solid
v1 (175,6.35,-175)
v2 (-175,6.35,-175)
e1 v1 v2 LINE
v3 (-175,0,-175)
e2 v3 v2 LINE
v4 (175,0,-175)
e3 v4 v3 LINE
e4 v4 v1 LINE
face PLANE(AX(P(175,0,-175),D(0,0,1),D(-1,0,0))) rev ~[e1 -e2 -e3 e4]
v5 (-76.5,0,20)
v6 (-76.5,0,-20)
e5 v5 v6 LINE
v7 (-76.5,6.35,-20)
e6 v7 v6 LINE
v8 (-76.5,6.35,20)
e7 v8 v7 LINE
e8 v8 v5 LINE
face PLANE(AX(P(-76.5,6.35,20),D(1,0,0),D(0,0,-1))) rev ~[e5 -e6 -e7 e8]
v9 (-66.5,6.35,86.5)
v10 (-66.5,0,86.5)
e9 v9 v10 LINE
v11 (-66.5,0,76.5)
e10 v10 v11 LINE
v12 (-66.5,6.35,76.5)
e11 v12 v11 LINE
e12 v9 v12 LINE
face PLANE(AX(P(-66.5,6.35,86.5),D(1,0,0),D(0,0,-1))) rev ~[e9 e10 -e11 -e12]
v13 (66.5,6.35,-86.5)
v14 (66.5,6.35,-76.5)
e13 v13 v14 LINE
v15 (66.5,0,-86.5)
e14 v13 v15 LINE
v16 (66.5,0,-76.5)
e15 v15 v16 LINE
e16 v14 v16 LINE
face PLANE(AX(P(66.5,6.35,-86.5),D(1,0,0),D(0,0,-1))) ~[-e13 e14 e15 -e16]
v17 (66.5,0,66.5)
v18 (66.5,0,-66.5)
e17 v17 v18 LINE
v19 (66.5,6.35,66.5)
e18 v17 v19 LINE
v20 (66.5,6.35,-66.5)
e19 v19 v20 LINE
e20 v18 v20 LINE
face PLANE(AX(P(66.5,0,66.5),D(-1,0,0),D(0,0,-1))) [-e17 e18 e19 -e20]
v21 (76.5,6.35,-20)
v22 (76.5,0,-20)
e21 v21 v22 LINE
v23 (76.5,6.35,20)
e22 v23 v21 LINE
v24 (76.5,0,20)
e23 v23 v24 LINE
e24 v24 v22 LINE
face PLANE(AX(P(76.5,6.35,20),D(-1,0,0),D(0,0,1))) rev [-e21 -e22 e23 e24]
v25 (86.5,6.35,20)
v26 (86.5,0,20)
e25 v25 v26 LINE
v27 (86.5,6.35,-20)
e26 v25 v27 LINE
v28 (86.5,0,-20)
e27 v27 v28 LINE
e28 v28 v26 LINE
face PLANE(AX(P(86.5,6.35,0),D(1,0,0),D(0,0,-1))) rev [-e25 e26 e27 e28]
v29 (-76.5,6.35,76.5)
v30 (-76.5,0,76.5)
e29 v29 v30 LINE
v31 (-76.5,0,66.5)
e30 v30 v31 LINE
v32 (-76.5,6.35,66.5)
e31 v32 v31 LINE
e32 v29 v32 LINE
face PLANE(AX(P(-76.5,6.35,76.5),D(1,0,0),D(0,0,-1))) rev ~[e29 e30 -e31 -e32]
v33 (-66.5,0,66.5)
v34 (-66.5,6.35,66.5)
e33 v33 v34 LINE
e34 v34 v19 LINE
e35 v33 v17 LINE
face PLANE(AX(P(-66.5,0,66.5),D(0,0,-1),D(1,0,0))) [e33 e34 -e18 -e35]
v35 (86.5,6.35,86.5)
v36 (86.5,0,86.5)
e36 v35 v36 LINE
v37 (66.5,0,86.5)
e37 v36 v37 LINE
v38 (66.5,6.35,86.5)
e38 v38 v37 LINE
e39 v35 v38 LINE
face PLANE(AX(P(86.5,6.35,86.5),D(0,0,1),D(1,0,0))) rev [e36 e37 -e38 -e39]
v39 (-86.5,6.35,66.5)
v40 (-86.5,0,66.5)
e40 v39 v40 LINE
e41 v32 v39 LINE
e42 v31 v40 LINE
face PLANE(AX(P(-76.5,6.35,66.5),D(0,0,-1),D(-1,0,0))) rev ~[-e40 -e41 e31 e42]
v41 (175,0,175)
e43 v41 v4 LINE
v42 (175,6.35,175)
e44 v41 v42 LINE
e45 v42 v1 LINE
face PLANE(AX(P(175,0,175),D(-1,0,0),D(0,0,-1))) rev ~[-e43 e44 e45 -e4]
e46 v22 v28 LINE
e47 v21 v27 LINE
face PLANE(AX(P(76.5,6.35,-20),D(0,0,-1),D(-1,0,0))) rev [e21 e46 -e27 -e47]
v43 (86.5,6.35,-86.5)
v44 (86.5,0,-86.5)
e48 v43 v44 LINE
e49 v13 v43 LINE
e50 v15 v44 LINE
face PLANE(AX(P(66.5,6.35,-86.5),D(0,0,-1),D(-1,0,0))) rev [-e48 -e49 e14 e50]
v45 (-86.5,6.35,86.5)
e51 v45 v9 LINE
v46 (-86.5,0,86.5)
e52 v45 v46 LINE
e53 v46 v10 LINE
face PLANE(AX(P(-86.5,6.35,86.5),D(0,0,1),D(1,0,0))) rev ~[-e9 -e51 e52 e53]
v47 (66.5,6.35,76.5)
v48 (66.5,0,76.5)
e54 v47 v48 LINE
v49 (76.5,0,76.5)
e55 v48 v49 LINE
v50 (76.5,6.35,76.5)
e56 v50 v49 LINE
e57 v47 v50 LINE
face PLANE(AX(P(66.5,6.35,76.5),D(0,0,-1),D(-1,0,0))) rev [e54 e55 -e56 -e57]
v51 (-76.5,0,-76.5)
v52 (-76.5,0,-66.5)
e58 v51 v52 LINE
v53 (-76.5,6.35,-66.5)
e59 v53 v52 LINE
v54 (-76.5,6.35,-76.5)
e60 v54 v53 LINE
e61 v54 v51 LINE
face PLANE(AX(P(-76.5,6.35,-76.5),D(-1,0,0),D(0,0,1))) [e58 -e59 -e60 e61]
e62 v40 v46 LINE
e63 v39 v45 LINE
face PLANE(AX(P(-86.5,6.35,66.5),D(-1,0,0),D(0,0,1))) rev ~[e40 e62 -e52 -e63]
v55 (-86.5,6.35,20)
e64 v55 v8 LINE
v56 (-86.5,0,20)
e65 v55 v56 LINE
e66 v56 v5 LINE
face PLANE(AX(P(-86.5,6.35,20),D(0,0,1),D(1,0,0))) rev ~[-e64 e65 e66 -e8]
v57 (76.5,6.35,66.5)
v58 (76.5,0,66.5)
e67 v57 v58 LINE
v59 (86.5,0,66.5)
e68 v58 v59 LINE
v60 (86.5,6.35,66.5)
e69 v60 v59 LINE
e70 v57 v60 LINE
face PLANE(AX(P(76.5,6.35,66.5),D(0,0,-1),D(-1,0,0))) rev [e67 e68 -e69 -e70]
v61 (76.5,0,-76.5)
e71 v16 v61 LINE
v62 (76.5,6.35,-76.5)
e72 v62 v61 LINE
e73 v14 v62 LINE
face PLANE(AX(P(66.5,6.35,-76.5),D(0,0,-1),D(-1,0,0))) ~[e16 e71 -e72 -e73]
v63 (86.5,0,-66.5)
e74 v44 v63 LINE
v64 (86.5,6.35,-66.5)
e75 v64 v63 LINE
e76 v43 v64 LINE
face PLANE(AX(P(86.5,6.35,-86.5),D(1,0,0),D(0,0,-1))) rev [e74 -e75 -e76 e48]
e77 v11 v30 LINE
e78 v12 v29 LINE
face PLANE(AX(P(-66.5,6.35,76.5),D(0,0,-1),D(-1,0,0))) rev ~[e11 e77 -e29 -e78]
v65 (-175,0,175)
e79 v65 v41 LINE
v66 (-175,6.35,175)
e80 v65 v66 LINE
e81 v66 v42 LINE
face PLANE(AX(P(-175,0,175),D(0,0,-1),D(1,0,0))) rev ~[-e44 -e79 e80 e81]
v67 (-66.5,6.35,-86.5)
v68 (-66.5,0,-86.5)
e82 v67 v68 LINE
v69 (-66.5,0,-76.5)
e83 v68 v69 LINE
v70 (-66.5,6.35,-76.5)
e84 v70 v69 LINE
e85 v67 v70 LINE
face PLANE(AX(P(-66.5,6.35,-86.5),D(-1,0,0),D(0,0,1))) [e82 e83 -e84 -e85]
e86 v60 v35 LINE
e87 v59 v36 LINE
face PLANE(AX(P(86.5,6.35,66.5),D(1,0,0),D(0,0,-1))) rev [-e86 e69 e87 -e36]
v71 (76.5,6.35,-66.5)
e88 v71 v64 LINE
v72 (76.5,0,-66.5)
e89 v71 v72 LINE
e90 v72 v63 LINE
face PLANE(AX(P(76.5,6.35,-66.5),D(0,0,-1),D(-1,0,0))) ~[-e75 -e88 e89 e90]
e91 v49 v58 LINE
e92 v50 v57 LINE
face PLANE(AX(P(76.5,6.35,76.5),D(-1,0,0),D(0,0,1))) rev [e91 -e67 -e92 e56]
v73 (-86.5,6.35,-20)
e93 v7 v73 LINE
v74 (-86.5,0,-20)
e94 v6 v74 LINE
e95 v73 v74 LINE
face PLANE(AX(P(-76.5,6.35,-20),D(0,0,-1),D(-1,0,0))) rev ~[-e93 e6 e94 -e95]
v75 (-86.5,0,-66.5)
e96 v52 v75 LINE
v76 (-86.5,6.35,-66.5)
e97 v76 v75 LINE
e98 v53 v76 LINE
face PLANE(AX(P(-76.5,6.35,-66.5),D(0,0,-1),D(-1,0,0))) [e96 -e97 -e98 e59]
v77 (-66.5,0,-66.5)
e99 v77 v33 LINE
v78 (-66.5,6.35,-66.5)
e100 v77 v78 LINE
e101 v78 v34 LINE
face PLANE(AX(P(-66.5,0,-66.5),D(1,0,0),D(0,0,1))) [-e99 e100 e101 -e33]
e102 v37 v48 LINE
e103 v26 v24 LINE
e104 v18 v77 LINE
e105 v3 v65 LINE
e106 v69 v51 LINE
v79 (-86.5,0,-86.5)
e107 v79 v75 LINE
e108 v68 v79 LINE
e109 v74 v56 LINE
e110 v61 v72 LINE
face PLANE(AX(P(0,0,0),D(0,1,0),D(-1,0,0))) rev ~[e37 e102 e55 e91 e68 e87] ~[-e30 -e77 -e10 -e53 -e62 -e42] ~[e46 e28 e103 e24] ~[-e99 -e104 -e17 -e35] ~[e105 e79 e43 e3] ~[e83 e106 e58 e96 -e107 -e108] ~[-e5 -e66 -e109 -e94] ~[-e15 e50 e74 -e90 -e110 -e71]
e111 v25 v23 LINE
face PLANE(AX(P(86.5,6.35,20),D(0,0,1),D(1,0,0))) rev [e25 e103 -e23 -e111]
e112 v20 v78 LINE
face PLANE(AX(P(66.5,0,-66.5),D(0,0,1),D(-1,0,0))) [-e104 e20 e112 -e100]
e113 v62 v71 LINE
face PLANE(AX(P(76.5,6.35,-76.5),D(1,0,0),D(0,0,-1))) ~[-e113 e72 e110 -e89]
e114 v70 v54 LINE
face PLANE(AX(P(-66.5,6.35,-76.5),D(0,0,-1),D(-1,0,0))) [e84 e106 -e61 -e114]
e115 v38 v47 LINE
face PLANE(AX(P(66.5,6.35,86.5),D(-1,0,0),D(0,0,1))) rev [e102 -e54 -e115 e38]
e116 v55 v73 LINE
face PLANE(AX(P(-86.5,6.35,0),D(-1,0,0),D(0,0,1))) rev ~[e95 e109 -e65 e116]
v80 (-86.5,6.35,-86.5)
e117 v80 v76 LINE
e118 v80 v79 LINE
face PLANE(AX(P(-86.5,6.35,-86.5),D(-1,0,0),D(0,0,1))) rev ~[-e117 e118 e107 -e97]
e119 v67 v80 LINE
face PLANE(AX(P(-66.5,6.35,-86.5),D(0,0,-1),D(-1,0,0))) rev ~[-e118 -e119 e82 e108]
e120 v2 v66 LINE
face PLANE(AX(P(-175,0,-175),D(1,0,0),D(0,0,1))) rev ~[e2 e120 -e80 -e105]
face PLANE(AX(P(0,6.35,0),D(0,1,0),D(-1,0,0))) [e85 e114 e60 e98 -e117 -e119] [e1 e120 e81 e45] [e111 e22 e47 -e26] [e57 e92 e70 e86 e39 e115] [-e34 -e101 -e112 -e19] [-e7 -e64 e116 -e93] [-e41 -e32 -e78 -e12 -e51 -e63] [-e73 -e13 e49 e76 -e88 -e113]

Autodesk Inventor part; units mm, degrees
ref_plane "YZ Plane" through (0, 0, 0) normal (1, 0, 0) x (0, 1, 0)
ref_plane "XZ Plane" through (0, 0, 0) normal (0, 1, 0) x (-1, 0, 0)
ref_plane "XY Plane" through (0, 0, 0) normal (0, 0, 1) x (1, 0, 0)
sketch "Sketch1" plane through (0, 0, 0) normal (0, 1, 0) x (-1, 0, 0)
  line L0 (-175, 175) -> (-175, -175)
  line L1 (-175, -175) -> (175, -175)
  line L2 (175, -175) -> (175, 175)
  line L3 (175, 175) -> (-175, 175)
  line L4 (-175, 175) -> (175, -175) construction
  line L5 (-175, -175) -> (175, 175) construction
  line L6 (-86.5, 86.5) -> (86.5, 86.5)
  line L7 (86.5, 86.5) -> (86.5, -86.5)
  line L8 (86.5, -86.5) -> (-86.5, -86.5)
  line L9 (-86.5, -86.5) -> (-86.5, 86.5)
  line L10 (-86.5, 86.5) -> (86.5, -86.5) construction
  line L11 (86.5, 86.5) -> (-86.5, -86.5) construction
  line L12 (-66.5, 66.5) -> (-66.5, -66.5)
  line L13 (-66.5, -66.5) -> (66.5, -66.5)
  line L14 (66.5, -66.5) -> (66.5, 66.5)
  line L15 (66.5, 66.5) -> (-66.5, 66.5)
  line L16 (-66.5, 66.5) -> (66.5, -66.5) construction
  line L17 (-66.5, -66.5) -> (66.5, 66.5) construction
  line L18 (86.5, 0) -> (86.5, 20)
  line L19 (0, 233.3952) -> (0, -224.0457) construction
  line L20 (-86.5, -66.5) -> (-76.5, -66.5)
  line L21 (-76.5, -66.5) -> (-76.5, -76.5)
  line L22 (-76.5, -76.5) -> (-66.5, -76.5)
  line L23 (-66.5, -76.5) -> (-66.5, -86.5)
  line L24 (-66.5, 86.5) -> (-86.5, 86.5) construction
  line L25 (-86.5, 86.5) -> (-86.5, 66.5) construction
  line L26 (-86.5, 20) -> (-86.5, -20) construction
  line L27 (-86.5, -66.5) -> (-86.5, -86.5) construction
  line L28 (-86.5, -86.5) -> (-66.5, -86.5) construction
  point P0 (0, 0)
  dimension "d0" = 350
  dimension "d1" = 350
  dimension "d2" = 173
  dimension "d3" = 173
  dimension "d4" = 133
  dimension "d5" = 133
extrude "Extrusion1" add sketch "Sketch1" along normal blind 6.35 contours L3 L2 L1 L0 | L6 L7 L8 L23 L22 L21 L20 L9 | L20 L21 L22 L23 L8 L9
sketch "Sketch2" plane through (0, 6.35, 0) normal (0, 1, 0) x (1, 0, 0)
  line L0 (86.5, -86.5) -> (86.5, 86.5)
  line L1 (86.5, 86.5) -> (-86.5, 86.5)
  line L2 (-86.5, 86.5) -> (-86.5, -86.5)
  line L3 (-86.5, -86.5) -> (86.5, -86.5)
  line L4 (86.5, -86.5) -> (-86.5, 86.5) construction
  line L5 (86.5, 86.5) -> (-86.5, -86.5) construction
  line L6 (-66.5, -86.5) -> (-66.5, -76.5)
  line L7 (-66.5, -76.5) -> (-76.5, -76.5)
  line L8 (-76.5, -76.5) -> (-76.5, -66.5)
  line L9 (-76.5, -66.5) -> (-86.5, -66.5)
  line L10 (-86.5, -66.5) -> (-86.5, -86.5)
  line L11 (-86.5, -86.5) -> (-66.5, -86.5)
  line L12 (-86.5, 0) -> (-86.5, -20)
  line L13 (-86.5, -20) -> (-76.5, -20)
  line L14 (-76.5, -20) -> (-76.5, 20)
  line L15 (-76.5, 20) -> (-86.5, 20)
  line L16 (-86.5, 20) -> (-86.5, 0)
  line L17 (-66.5, 86.5) -> (-66.5, 76.5)
  line L18 (-66.5, 76.5) -> (-76.5, 76.5)
  line L19 (-76.5, 76.5) -> (-76.5, 66.5)
  line L20 (-76.5, 66.5) -> (-86.5, 66.5)
  line L21 (0, -182.5609) -> (0, 182.5037) construction
  line L22 (66.5, -86.5) -> (66.5, -76.5)
  line L23 (66.5, -76.5) -> (76.5, -76.5)
  line L24 (76.5, -76.5) -> (76.5, -66.5)
  line L25 (76.5, -66.5) -> (86.5, -66.5)
  line L26 (86.5, -20) -> (76.5, -20)
  line L27 (76.5, -20) -> (76.5, 20)
  line L28 (76.5, 20) -> (86.5, 20)
  line L29 (66.5, 86.5) -> (66.5, 76.5)
  line L30 (66.5, 76.5) -> (76.5, 76.5)
  line L31 (76.5, 76.5) -> (76.5, 66.5)
  line L32 (76.5, 66.5) -> (86.5, 66.5)
  point P0 (0, 0)
  dimension "d17" = 173
  dimension "d18" = 173
  dimension "d19" = 10
  dimension "d20" = 10
  dimension "d21" = 10
  dimension "d22" = 20
  dimension "d23" = 10
  dimension "d24" = 40
  dimension "d25" = 10
  dimension "d26" = 10
  dimension "d27" = 10
  dimension "d28" = 10
extrude "Extrusion2" cut sketch "Sketch2" against normal blind 6.35 contours L3 L2 L9 L8 L7 L6 | L2 L15 L14 L13 | L17 L18 L19 L20 L2 L1
ref_plane "Work Plane1" through (0, 0, 175) normal (1, 0, 0) x (0, 0, -1)
mirror "Mirror1" about plane through (0, 0, 175) normal (1, 0, 0) of "Extrusion2"
ref_plane "Work Plane2" through (0, 0, 175) normal (1, 0, 0) x (0, 0, -1)
properties part number "Milestone 2 Main Vehicle Chassis"
